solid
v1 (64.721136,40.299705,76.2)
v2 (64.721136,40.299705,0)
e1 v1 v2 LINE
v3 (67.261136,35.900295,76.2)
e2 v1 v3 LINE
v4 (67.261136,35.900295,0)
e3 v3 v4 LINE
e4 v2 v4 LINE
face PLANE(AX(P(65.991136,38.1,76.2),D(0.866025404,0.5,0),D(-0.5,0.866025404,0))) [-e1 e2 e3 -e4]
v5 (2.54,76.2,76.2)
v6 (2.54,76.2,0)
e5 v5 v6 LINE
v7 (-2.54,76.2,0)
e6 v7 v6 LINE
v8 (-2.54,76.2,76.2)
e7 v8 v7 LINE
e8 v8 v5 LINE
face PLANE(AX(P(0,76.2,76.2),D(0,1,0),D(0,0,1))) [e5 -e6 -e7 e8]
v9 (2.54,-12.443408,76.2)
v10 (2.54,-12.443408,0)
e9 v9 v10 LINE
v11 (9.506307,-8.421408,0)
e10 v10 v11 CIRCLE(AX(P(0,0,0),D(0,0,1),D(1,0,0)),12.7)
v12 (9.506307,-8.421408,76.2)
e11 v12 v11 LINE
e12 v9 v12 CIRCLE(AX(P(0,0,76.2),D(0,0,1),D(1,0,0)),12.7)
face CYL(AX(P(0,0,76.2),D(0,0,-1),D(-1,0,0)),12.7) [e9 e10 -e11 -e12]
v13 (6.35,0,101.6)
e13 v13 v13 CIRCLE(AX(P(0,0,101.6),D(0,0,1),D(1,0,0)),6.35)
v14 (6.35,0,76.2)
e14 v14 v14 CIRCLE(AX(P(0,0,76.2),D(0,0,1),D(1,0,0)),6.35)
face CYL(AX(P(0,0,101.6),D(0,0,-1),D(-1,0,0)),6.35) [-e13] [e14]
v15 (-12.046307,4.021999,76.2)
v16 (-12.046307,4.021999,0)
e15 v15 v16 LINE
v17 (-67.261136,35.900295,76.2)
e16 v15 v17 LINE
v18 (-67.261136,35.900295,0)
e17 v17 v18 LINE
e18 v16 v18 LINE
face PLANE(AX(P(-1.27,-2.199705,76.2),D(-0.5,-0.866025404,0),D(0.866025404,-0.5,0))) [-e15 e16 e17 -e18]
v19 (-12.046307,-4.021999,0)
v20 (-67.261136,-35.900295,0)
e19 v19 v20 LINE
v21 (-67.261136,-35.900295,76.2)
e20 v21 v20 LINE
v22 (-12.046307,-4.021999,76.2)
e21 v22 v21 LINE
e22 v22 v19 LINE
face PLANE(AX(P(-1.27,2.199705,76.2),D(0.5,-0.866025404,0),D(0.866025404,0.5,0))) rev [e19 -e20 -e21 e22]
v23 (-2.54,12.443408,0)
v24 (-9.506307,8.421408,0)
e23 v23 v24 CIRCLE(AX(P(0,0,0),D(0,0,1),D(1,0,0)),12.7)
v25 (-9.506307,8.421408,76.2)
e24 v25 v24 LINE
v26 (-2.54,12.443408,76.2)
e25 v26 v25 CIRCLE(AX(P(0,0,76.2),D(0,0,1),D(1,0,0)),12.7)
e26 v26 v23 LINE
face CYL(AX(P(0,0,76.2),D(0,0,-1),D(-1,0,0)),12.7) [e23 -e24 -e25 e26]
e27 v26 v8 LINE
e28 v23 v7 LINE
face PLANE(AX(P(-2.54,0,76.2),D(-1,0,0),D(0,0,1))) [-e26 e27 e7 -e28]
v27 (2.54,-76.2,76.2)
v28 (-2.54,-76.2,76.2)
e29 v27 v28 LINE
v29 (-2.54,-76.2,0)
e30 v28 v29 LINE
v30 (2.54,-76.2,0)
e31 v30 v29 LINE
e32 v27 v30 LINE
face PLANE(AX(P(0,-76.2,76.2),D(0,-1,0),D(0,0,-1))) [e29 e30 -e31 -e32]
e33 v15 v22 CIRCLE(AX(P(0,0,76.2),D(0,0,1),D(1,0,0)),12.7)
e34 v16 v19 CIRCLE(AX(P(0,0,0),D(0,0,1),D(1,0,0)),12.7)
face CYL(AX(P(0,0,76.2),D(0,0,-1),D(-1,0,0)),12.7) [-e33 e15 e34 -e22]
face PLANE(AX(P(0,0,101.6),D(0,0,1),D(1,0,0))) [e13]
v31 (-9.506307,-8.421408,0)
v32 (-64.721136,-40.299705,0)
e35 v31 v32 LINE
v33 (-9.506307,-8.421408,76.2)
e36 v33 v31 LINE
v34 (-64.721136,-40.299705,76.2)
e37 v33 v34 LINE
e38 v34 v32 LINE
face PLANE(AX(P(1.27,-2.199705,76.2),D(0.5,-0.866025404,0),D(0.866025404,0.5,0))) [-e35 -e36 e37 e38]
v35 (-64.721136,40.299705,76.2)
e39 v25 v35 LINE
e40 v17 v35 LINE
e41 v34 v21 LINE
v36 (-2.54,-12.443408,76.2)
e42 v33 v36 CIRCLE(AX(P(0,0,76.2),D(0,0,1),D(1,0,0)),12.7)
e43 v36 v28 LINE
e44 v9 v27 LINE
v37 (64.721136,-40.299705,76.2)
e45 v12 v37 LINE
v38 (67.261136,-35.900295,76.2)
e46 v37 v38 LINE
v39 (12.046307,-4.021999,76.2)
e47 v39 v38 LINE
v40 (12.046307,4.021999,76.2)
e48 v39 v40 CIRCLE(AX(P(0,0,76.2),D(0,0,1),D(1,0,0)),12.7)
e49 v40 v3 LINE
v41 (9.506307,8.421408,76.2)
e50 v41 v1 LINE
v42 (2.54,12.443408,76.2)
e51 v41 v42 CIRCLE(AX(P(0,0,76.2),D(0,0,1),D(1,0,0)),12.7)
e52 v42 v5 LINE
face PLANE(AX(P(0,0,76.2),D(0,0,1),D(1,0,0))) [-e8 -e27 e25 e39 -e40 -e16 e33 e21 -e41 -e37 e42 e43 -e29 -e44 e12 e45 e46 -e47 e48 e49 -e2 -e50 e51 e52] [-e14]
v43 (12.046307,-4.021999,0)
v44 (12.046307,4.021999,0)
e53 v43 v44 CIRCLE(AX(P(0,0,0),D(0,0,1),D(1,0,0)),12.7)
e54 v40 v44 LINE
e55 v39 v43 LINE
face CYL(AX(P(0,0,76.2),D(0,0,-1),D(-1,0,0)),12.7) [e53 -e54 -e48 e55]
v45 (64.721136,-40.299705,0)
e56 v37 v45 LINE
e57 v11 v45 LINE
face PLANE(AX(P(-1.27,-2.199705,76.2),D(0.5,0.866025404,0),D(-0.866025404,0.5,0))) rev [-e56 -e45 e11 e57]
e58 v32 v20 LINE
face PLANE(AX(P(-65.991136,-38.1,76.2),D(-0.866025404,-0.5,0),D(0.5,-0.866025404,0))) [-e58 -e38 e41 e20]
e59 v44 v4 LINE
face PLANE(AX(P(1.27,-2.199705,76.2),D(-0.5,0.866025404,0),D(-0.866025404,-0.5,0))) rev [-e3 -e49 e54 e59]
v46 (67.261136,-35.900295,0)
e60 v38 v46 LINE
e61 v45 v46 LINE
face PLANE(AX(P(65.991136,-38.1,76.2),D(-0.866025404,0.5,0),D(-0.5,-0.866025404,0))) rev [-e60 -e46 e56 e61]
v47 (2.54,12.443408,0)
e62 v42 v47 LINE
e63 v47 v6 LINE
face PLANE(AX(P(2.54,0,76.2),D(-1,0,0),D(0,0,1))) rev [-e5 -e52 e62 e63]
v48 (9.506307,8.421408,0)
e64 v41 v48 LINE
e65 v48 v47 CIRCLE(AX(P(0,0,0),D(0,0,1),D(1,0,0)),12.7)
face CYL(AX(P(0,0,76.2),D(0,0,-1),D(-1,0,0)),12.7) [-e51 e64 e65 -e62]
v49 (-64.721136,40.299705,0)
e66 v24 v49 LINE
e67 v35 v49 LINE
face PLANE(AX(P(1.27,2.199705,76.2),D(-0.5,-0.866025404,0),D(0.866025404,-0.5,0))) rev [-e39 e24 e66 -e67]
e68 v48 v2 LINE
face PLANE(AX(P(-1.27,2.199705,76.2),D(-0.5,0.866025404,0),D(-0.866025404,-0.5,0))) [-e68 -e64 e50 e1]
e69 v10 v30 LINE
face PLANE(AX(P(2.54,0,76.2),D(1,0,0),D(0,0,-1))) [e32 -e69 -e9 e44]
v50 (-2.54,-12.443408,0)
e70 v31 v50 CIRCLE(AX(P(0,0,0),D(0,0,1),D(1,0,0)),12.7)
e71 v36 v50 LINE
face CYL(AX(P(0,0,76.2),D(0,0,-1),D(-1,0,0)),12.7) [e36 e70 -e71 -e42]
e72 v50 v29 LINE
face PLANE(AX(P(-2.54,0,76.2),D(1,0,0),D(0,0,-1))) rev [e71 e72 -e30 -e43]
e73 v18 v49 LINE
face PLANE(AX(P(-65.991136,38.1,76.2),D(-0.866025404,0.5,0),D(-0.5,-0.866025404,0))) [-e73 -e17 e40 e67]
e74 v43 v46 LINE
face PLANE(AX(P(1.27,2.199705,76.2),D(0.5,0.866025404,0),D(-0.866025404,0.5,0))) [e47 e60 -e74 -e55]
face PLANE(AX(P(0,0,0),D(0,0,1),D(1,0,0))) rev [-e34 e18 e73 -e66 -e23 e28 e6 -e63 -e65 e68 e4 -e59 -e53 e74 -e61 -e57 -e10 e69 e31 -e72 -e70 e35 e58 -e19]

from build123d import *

# Parameters (mm, degrees)
SKETCH1_R           = 12.7
BOSS_EXTRUDE1_DEPTH = 76.2
SKETCH2_R           = 6.35
BOSS_EXTRUDE2_DEPTH = 25.4


with BuildPart() as part:
    # Sketch1 → Boss-Extrude1 (new body)
    with BuildSketch(Plane.XY):
        Circle(SKETCH1_R)
        Polygon((2.54, 0), (2.54, 76.2), (-2.54, 76.2), (-2.54, 0), (-2.54, -76.2), (2.54, -76.2), align=None)
        Polygon((1.27, -2.199704526), (67.261135768, 35.900295474), (64.721135768, 40.299704526), (-1.27, 2.199704526), (-67.261135768, -35.900295474), (-64.721135768, -40.299704526), align=None)
        Polygon((-1.27, -2.199704526), (64.721135768, -40.299704526), (67.261135768, -35.900295474), (1.27, 2.199704526), (-64.721135768, 40.299704526), (-67.261135768, 35.900295474), align=None)
    extrude(amount=BOSS_EXTRUDE1_DEPTH)

    # Sketch2 → Boss-Extrude2 (add)
    with BuildSketch(Plane.XY.offset(76.2)):
        Circle(SKETCH2_R)
    extrude(amount=BOSS_EXTRUDE2_DEPTH)


solid = part.part
